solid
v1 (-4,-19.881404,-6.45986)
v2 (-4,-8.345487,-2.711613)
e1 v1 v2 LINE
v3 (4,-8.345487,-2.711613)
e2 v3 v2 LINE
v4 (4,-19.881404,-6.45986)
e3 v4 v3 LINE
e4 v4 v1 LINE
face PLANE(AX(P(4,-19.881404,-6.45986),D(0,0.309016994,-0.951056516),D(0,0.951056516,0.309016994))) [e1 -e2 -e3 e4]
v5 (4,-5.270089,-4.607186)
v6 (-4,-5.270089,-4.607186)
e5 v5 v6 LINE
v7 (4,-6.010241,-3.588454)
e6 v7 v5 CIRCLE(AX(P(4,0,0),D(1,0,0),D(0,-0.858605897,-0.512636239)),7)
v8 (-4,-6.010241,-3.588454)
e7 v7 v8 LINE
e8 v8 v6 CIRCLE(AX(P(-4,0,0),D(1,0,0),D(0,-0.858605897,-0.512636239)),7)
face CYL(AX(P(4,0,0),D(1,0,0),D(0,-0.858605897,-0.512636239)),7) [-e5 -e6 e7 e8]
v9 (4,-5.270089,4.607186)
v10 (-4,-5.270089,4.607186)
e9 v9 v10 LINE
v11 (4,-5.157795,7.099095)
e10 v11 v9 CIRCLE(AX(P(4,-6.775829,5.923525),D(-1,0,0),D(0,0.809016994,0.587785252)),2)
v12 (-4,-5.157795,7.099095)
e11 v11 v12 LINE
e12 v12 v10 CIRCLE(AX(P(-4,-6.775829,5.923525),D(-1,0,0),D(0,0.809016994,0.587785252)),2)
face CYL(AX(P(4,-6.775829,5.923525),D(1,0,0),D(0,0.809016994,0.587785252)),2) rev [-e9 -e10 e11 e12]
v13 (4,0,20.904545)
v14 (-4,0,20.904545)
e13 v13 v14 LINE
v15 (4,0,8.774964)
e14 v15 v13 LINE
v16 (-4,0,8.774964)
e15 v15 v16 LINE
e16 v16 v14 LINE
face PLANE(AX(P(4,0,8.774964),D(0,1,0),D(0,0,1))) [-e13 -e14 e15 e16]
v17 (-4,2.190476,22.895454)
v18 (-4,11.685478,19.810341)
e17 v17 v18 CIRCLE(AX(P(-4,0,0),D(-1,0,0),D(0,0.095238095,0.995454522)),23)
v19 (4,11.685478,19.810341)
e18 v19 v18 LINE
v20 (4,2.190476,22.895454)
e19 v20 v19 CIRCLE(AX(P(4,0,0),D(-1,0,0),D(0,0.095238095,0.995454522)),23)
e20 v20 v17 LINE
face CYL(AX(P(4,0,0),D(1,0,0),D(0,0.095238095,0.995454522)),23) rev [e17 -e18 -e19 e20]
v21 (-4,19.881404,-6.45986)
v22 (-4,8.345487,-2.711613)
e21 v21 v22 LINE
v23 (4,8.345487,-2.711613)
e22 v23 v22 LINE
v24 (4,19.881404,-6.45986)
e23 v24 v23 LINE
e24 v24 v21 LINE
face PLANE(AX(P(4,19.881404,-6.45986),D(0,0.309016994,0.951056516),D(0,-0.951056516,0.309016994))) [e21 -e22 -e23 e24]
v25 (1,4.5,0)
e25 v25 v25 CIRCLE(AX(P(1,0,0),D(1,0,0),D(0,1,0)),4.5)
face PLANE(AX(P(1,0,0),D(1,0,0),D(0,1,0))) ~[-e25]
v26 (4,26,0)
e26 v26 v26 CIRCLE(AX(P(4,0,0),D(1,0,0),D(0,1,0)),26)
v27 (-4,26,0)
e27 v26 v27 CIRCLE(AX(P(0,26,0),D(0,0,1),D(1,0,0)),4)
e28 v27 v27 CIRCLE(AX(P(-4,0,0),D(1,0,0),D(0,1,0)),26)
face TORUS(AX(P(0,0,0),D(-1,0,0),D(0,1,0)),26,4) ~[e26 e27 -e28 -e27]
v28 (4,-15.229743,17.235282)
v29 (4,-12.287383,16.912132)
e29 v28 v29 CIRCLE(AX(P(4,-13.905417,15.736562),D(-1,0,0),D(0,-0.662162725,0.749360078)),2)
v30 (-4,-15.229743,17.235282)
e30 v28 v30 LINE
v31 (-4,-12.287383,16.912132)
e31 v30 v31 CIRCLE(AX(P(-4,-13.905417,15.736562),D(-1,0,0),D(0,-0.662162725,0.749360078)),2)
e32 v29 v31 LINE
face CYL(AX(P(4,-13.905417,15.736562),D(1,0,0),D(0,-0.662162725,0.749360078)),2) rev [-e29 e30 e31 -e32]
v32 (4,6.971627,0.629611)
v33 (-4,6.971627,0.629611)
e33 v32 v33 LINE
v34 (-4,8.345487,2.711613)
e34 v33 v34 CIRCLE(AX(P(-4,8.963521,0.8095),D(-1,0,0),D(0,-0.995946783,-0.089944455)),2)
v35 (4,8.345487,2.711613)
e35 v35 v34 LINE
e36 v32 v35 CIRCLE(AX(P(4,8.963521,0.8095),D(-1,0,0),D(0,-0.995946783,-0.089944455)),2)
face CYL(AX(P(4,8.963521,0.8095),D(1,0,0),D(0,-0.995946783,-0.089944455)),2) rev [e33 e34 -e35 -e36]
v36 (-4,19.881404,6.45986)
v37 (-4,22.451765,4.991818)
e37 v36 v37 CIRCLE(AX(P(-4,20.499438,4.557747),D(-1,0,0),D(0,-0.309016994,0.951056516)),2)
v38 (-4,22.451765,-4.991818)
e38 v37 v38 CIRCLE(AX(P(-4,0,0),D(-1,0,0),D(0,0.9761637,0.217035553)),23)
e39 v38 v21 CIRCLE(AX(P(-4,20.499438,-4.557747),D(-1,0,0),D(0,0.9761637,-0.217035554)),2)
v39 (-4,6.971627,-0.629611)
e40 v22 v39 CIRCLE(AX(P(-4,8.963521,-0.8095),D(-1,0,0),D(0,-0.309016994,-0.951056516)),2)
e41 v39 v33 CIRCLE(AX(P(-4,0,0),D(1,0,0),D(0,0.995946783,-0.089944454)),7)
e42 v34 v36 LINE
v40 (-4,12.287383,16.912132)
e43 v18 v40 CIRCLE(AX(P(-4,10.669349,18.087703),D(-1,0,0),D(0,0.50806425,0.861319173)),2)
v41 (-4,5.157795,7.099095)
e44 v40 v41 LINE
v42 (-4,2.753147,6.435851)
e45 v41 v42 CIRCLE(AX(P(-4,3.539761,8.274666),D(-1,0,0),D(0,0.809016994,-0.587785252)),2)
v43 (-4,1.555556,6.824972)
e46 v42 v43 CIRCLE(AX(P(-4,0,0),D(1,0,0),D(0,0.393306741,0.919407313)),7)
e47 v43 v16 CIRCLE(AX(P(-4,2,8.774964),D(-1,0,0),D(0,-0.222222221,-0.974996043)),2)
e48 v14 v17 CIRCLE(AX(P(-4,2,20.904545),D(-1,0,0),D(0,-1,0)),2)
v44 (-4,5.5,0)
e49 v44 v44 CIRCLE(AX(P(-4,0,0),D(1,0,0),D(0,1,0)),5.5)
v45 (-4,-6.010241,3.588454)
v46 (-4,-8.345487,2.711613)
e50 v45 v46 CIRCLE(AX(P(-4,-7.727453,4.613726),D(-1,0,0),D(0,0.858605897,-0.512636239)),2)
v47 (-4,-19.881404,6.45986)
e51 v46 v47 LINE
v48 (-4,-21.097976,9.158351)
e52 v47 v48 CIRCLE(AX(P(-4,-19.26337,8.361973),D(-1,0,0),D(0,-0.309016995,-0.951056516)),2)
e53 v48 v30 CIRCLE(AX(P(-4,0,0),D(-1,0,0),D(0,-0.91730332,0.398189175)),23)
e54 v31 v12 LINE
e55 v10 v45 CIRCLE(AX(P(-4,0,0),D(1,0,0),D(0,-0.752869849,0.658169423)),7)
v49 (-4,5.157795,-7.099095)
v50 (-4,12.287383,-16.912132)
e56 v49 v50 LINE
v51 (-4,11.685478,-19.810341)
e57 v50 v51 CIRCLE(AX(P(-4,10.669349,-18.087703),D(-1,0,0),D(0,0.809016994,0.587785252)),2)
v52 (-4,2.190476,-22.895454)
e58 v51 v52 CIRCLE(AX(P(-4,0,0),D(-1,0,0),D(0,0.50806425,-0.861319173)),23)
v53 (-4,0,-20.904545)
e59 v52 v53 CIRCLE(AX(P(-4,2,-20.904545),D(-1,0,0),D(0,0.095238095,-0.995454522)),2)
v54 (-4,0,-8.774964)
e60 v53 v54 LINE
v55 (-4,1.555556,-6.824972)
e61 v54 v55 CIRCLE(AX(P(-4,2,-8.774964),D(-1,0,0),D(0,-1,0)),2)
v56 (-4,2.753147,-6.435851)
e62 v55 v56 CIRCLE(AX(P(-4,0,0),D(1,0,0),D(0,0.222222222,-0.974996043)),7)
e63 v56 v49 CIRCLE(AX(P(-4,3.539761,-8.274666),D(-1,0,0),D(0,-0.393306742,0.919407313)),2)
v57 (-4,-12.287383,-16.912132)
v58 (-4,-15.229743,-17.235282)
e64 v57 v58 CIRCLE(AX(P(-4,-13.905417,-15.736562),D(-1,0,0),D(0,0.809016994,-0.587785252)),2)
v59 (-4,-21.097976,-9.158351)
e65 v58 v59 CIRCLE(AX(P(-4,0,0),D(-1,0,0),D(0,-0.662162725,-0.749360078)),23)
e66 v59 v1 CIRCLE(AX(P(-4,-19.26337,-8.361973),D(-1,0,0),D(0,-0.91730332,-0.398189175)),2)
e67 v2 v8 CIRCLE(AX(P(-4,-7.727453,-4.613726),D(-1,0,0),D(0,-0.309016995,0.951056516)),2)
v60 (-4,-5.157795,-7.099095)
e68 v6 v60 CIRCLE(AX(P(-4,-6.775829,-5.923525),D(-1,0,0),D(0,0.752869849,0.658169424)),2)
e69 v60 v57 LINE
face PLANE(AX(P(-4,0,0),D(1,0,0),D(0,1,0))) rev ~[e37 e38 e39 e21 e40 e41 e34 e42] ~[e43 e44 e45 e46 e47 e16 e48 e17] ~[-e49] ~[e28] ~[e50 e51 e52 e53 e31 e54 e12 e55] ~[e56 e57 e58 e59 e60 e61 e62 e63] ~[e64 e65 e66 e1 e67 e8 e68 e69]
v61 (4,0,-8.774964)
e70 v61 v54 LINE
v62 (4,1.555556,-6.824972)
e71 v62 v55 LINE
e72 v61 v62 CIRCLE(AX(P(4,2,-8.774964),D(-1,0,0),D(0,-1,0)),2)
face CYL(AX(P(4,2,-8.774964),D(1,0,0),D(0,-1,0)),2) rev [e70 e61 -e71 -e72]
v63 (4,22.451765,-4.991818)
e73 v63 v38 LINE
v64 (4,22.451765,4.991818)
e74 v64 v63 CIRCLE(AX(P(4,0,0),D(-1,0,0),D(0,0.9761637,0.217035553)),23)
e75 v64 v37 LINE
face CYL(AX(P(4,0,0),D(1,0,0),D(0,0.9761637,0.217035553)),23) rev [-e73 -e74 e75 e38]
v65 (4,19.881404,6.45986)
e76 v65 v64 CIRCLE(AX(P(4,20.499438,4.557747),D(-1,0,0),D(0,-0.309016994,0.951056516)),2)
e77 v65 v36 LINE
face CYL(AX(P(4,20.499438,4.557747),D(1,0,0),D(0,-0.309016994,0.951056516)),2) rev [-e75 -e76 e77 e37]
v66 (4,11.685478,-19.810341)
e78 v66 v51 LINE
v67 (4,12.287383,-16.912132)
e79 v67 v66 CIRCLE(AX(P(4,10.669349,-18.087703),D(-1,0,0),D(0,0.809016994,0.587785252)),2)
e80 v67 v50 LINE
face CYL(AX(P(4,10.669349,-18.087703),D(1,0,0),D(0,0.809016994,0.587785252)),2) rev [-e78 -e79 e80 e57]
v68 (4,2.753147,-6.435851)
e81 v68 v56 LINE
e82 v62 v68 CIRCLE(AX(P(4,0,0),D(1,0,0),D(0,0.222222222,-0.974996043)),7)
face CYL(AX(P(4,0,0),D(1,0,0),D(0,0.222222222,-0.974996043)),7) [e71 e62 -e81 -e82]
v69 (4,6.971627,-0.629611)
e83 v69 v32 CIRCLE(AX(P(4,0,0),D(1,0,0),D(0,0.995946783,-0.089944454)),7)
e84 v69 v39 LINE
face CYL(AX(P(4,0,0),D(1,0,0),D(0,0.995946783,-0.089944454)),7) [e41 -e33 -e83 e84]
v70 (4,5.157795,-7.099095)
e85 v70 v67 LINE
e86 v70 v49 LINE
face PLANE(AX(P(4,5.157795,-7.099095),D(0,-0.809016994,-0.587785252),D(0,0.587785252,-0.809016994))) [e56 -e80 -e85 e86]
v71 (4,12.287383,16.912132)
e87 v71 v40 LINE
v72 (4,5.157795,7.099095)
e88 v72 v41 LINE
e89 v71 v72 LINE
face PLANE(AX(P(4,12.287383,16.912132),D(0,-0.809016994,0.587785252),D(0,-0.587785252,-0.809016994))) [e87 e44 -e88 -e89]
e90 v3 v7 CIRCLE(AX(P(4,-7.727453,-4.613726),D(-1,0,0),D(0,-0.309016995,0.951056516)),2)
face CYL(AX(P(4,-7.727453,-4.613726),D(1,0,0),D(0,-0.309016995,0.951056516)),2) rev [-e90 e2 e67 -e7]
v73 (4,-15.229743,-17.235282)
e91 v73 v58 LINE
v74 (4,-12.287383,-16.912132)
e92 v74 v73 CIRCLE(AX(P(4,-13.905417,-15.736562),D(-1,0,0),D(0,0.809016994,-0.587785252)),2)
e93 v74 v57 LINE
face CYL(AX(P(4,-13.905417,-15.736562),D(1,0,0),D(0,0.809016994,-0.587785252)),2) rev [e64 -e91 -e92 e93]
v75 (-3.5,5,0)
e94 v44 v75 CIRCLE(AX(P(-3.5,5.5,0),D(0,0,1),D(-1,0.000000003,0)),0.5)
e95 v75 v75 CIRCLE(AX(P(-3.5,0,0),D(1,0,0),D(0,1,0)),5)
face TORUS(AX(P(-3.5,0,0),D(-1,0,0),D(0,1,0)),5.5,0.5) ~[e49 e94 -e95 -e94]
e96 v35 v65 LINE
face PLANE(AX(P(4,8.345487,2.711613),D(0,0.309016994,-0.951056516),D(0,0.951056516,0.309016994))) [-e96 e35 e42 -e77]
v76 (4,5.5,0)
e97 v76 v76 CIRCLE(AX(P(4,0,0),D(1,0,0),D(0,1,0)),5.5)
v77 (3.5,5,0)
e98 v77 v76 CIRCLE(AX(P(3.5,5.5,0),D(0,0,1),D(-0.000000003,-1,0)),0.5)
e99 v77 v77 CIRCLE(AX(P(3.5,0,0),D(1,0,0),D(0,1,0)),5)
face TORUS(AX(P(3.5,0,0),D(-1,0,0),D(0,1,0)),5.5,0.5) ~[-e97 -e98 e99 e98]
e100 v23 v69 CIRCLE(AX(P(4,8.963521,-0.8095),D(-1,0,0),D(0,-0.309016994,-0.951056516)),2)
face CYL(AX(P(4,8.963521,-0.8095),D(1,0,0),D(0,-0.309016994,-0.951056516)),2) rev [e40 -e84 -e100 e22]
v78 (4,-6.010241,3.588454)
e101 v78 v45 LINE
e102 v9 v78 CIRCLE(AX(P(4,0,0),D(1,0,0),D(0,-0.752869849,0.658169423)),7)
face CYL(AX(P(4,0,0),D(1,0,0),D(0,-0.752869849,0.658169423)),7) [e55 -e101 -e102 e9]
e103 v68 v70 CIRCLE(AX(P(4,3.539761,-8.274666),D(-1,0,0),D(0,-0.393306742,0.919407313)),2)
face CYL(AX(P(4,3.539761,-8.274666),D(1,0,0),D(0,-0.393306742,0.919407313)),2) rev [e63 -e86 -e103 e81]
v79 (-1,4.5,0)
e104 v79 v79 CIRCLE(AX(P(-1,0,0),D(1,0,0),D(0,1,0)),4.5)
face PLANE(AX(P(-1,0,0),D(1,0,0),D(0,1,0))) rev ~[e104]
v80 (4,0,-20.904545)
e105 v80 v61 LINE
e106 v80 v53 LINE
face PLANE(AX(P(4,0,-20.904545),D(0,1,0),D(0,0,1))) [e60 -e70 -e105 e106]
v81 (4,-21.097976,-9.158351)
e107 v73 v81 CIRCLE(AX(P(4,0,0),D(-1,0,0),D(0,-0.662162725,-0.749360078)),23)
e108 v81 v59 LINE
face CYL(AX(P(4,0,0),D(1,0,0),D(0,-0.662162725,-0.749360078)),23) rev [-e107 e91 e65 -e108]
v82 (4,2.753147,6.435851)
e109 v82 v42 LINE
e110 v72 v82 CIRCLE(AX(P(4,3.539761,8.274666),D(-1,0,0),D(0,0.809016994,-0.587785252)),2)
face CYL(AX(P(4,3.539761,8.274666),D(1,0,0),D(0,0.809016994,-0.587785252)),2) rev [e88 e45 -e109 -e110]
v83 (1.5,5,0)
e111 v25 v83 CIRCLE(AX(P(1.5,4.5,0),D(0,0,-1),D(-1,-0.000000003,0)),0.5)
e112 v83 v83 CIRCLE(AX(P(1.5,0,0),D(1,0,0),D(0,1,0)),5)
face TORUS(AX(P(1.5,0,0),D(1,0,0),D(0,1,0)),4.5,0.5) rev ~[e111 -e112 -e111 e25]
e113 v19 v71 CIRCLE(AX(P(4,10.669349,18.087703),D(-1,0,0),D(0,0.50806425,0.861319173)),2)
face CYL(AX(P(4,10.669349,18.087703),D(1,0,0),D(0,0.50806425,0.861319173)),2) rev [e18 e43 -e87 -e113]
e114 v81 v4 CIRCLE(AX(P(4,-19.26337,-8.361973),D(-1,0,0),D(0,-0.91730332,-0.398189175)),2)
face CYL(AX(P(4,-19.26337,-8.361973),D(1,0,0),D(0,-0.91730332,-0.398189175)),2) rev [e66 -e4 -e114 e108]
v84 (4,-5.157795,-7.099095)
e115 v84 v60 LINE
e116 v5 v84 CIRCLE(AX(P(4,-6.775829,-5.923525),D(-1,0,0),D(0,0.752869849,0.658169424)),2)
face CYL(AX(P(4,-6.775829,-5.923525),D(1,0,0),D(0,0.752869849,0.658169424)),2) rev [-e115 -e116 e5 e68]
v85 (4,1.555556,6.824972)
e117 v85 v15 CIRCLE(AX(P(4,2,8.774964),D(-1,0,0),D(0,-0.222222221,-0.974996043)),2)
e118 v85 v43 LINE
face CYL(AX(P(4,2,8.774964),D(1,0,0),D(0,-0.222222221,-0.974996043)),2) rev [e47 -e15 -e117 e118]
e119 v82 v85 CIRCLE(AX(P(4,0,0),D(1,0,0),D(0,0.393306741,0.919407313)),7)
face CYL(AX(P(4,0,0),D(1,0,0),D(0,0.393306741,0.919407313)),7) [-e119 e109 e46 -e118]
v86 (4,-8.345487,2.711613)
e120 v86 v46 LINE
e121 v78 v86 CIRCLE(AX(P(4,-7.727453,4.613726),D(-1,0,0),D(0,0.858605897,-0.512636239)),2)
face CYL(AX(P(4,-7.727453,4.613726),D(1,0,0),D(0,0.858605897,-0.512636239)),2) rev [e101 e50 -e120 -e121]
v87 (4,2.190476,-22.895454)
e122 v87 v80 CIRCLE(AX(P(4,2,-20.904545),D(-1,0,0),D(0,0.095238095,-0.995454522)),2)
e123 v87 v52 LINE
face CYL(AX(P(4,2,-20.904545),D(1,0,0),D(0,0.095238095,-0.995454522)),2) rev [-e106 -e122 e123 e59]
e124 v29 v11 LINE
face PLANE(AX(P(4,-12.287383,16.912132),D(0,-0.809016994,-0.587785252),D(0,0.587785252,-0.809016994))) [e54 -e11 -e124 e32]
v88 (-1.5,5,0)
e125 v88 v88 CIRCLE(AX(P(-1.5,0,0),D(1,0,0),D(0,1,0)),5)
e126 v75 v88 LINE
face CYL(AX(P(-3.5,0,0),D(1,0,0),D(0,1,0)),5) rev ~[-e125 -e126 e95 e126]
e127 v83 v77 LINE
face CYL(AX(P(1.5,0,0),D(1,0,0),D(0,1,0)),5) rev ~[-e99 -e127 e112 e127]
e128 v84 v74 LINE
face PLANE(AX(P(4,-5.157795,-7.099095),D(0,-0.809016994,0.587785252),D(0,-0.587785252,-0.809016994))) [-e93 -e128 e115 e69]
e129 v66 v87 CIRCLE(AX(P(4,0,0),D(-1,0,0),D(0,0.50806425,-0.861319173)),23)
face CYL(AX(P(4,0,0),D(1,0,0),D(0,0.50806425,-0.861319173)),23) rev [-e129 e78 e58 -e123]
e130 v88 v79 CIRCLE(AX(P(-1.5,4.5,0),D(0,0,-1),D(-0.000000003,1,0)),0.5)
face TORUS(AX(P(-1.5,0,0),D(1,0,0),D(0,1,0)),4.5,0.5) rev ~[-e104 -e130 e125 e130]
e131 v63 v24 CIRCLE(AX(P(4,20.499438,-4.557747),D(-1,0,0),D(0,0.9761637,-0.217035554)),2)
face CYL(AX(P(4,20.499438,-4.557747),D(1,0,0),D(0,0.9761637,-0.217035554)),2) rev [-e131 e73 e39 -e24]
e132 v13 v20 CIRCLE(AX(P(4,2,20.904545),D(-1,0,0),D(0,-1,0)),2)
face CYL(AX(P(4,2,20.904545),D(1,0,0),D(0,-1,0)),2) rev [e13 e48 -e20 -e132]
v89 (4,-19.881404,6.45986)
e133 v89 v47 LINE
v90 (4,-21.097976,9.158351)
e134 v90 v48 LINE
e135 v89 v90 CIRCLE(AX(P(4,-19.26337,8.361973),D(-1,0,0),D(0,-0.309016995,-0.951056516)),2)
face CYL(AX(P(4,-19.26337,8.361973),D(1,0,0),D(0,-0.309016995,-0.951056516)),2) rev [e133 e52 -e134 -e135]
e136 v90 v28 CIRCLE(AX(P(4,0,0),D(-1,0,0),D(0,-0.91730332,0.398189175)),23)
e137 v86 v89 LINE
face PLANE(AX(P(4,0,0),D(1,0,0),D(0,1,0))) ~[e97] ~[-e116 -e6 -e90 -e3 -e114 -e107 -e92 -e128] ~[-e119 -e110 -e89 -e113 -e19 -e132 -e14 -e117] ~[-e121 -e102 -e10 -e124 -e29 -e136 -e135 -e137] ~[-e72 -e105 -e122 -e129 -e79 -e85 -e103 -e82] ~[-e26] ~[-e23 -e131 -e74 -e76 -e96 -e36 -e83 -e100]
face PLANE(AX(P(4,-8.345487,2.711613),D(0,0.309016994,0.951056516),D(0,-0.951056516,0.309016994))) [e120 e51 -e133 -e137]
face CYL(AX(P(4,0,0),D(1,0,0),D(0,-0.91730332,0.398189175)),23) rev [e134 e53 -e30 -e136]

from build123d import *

# Parameters (mm, degrees)
CUT_EXTRUDE1_DEPTH = 8
CIRPATTERN1_COUNT  = 5


with BuildPart() as part:
    # Sketch3 → Revolve1 (revolve)
    with BuildSketch(Plane.XY):
        with BuildLine():
            Line((-1, 0), (1, 0))
            Line((1, 0), (1, 4.5))
            ThreePointArc((1, 4.5), (1.146446609, 4.853553391), (1.5, 5))
            Line((1.5, 5), (3.5, 5))
            ThreePointArc((3.5, 5), (3.853553391, 5.146446609), (4, 5.5))
            Line((4, 5.5), (4, 26))
            ThreePointArc((4, 26), (0, 30), (-4, 26))
            Line((-4, 26), (-4, 5.5))
            ThreePointArc((-4, 5.5), (-3.853553391, 5.146446609), (-3.5, 5))
            Line((-3.5, 5), (-1.5, 5))
            ThreePointArc((-1.5, 5), (-1.146446609, 4.853553391), (-1, 4.5))
            Line((-1, 4.5), (-1, 0))
        make_face()
    revolve(axis=Axis((0, 0, 0), (1, 0, 0)))

    # Sketch6 → Cut-Extrude1 (cut)
    with BuildSketch(Plane(origin=(4, 0, 0), x_dir=(0, 0, -1), z_dir=(1, 0, 0))):
        with BuildLine():
            Line((7.099095314, 5.157794656), (16.912132133, 12.287383234))
            ThreePointArc((16.912132133, 12.287383234), (18.494388462, 12.627564412), (19.810340984, 11.685477744))
            ThreePointArc((19.810340984, 11.685477744), (21.874299875, 7.107390871), (22.895454004, 2.19047619))
            ThreePointArc((22.895454004, 2.19047619), (22.3845707, 0.654814582), (20.90454496, 0))
            Line((20.90454496, 0), (8.774964387, 0))
            ThreePointArc((8.774964387, 0), (7.527745258, 0.43652808), (6.824972301, 1.555555556))
            ThreePointArc((6.824972301, 1.555555556), (6.657395614, 2.163118961), (6.435851193, 2.753147186))
            ThreePointArc((6.435851193, 2.753147186), (6.346658611, 4.071539011), (7.099095314, 5.157794656))
        make_face()
    cut_extrude1 = extrude(amount=-CUT_EXTRUDE1_DEPTH, mode=Mode.SUBTRACT)

    # CirPattern1: Cut-Extrude1 ×5 about axis
    cirpattern1_axis = Axis((0, 0, 0), (1, 0, 0))
    for i in range(1, CIRPATTERN1_COUNT):
        add(cut_extrude1.rotate(cirpattern1_axis, i * 360 / CIRPATTERN1_COUNT), mode=Mode.SUBTRACT)


solid = part.part
